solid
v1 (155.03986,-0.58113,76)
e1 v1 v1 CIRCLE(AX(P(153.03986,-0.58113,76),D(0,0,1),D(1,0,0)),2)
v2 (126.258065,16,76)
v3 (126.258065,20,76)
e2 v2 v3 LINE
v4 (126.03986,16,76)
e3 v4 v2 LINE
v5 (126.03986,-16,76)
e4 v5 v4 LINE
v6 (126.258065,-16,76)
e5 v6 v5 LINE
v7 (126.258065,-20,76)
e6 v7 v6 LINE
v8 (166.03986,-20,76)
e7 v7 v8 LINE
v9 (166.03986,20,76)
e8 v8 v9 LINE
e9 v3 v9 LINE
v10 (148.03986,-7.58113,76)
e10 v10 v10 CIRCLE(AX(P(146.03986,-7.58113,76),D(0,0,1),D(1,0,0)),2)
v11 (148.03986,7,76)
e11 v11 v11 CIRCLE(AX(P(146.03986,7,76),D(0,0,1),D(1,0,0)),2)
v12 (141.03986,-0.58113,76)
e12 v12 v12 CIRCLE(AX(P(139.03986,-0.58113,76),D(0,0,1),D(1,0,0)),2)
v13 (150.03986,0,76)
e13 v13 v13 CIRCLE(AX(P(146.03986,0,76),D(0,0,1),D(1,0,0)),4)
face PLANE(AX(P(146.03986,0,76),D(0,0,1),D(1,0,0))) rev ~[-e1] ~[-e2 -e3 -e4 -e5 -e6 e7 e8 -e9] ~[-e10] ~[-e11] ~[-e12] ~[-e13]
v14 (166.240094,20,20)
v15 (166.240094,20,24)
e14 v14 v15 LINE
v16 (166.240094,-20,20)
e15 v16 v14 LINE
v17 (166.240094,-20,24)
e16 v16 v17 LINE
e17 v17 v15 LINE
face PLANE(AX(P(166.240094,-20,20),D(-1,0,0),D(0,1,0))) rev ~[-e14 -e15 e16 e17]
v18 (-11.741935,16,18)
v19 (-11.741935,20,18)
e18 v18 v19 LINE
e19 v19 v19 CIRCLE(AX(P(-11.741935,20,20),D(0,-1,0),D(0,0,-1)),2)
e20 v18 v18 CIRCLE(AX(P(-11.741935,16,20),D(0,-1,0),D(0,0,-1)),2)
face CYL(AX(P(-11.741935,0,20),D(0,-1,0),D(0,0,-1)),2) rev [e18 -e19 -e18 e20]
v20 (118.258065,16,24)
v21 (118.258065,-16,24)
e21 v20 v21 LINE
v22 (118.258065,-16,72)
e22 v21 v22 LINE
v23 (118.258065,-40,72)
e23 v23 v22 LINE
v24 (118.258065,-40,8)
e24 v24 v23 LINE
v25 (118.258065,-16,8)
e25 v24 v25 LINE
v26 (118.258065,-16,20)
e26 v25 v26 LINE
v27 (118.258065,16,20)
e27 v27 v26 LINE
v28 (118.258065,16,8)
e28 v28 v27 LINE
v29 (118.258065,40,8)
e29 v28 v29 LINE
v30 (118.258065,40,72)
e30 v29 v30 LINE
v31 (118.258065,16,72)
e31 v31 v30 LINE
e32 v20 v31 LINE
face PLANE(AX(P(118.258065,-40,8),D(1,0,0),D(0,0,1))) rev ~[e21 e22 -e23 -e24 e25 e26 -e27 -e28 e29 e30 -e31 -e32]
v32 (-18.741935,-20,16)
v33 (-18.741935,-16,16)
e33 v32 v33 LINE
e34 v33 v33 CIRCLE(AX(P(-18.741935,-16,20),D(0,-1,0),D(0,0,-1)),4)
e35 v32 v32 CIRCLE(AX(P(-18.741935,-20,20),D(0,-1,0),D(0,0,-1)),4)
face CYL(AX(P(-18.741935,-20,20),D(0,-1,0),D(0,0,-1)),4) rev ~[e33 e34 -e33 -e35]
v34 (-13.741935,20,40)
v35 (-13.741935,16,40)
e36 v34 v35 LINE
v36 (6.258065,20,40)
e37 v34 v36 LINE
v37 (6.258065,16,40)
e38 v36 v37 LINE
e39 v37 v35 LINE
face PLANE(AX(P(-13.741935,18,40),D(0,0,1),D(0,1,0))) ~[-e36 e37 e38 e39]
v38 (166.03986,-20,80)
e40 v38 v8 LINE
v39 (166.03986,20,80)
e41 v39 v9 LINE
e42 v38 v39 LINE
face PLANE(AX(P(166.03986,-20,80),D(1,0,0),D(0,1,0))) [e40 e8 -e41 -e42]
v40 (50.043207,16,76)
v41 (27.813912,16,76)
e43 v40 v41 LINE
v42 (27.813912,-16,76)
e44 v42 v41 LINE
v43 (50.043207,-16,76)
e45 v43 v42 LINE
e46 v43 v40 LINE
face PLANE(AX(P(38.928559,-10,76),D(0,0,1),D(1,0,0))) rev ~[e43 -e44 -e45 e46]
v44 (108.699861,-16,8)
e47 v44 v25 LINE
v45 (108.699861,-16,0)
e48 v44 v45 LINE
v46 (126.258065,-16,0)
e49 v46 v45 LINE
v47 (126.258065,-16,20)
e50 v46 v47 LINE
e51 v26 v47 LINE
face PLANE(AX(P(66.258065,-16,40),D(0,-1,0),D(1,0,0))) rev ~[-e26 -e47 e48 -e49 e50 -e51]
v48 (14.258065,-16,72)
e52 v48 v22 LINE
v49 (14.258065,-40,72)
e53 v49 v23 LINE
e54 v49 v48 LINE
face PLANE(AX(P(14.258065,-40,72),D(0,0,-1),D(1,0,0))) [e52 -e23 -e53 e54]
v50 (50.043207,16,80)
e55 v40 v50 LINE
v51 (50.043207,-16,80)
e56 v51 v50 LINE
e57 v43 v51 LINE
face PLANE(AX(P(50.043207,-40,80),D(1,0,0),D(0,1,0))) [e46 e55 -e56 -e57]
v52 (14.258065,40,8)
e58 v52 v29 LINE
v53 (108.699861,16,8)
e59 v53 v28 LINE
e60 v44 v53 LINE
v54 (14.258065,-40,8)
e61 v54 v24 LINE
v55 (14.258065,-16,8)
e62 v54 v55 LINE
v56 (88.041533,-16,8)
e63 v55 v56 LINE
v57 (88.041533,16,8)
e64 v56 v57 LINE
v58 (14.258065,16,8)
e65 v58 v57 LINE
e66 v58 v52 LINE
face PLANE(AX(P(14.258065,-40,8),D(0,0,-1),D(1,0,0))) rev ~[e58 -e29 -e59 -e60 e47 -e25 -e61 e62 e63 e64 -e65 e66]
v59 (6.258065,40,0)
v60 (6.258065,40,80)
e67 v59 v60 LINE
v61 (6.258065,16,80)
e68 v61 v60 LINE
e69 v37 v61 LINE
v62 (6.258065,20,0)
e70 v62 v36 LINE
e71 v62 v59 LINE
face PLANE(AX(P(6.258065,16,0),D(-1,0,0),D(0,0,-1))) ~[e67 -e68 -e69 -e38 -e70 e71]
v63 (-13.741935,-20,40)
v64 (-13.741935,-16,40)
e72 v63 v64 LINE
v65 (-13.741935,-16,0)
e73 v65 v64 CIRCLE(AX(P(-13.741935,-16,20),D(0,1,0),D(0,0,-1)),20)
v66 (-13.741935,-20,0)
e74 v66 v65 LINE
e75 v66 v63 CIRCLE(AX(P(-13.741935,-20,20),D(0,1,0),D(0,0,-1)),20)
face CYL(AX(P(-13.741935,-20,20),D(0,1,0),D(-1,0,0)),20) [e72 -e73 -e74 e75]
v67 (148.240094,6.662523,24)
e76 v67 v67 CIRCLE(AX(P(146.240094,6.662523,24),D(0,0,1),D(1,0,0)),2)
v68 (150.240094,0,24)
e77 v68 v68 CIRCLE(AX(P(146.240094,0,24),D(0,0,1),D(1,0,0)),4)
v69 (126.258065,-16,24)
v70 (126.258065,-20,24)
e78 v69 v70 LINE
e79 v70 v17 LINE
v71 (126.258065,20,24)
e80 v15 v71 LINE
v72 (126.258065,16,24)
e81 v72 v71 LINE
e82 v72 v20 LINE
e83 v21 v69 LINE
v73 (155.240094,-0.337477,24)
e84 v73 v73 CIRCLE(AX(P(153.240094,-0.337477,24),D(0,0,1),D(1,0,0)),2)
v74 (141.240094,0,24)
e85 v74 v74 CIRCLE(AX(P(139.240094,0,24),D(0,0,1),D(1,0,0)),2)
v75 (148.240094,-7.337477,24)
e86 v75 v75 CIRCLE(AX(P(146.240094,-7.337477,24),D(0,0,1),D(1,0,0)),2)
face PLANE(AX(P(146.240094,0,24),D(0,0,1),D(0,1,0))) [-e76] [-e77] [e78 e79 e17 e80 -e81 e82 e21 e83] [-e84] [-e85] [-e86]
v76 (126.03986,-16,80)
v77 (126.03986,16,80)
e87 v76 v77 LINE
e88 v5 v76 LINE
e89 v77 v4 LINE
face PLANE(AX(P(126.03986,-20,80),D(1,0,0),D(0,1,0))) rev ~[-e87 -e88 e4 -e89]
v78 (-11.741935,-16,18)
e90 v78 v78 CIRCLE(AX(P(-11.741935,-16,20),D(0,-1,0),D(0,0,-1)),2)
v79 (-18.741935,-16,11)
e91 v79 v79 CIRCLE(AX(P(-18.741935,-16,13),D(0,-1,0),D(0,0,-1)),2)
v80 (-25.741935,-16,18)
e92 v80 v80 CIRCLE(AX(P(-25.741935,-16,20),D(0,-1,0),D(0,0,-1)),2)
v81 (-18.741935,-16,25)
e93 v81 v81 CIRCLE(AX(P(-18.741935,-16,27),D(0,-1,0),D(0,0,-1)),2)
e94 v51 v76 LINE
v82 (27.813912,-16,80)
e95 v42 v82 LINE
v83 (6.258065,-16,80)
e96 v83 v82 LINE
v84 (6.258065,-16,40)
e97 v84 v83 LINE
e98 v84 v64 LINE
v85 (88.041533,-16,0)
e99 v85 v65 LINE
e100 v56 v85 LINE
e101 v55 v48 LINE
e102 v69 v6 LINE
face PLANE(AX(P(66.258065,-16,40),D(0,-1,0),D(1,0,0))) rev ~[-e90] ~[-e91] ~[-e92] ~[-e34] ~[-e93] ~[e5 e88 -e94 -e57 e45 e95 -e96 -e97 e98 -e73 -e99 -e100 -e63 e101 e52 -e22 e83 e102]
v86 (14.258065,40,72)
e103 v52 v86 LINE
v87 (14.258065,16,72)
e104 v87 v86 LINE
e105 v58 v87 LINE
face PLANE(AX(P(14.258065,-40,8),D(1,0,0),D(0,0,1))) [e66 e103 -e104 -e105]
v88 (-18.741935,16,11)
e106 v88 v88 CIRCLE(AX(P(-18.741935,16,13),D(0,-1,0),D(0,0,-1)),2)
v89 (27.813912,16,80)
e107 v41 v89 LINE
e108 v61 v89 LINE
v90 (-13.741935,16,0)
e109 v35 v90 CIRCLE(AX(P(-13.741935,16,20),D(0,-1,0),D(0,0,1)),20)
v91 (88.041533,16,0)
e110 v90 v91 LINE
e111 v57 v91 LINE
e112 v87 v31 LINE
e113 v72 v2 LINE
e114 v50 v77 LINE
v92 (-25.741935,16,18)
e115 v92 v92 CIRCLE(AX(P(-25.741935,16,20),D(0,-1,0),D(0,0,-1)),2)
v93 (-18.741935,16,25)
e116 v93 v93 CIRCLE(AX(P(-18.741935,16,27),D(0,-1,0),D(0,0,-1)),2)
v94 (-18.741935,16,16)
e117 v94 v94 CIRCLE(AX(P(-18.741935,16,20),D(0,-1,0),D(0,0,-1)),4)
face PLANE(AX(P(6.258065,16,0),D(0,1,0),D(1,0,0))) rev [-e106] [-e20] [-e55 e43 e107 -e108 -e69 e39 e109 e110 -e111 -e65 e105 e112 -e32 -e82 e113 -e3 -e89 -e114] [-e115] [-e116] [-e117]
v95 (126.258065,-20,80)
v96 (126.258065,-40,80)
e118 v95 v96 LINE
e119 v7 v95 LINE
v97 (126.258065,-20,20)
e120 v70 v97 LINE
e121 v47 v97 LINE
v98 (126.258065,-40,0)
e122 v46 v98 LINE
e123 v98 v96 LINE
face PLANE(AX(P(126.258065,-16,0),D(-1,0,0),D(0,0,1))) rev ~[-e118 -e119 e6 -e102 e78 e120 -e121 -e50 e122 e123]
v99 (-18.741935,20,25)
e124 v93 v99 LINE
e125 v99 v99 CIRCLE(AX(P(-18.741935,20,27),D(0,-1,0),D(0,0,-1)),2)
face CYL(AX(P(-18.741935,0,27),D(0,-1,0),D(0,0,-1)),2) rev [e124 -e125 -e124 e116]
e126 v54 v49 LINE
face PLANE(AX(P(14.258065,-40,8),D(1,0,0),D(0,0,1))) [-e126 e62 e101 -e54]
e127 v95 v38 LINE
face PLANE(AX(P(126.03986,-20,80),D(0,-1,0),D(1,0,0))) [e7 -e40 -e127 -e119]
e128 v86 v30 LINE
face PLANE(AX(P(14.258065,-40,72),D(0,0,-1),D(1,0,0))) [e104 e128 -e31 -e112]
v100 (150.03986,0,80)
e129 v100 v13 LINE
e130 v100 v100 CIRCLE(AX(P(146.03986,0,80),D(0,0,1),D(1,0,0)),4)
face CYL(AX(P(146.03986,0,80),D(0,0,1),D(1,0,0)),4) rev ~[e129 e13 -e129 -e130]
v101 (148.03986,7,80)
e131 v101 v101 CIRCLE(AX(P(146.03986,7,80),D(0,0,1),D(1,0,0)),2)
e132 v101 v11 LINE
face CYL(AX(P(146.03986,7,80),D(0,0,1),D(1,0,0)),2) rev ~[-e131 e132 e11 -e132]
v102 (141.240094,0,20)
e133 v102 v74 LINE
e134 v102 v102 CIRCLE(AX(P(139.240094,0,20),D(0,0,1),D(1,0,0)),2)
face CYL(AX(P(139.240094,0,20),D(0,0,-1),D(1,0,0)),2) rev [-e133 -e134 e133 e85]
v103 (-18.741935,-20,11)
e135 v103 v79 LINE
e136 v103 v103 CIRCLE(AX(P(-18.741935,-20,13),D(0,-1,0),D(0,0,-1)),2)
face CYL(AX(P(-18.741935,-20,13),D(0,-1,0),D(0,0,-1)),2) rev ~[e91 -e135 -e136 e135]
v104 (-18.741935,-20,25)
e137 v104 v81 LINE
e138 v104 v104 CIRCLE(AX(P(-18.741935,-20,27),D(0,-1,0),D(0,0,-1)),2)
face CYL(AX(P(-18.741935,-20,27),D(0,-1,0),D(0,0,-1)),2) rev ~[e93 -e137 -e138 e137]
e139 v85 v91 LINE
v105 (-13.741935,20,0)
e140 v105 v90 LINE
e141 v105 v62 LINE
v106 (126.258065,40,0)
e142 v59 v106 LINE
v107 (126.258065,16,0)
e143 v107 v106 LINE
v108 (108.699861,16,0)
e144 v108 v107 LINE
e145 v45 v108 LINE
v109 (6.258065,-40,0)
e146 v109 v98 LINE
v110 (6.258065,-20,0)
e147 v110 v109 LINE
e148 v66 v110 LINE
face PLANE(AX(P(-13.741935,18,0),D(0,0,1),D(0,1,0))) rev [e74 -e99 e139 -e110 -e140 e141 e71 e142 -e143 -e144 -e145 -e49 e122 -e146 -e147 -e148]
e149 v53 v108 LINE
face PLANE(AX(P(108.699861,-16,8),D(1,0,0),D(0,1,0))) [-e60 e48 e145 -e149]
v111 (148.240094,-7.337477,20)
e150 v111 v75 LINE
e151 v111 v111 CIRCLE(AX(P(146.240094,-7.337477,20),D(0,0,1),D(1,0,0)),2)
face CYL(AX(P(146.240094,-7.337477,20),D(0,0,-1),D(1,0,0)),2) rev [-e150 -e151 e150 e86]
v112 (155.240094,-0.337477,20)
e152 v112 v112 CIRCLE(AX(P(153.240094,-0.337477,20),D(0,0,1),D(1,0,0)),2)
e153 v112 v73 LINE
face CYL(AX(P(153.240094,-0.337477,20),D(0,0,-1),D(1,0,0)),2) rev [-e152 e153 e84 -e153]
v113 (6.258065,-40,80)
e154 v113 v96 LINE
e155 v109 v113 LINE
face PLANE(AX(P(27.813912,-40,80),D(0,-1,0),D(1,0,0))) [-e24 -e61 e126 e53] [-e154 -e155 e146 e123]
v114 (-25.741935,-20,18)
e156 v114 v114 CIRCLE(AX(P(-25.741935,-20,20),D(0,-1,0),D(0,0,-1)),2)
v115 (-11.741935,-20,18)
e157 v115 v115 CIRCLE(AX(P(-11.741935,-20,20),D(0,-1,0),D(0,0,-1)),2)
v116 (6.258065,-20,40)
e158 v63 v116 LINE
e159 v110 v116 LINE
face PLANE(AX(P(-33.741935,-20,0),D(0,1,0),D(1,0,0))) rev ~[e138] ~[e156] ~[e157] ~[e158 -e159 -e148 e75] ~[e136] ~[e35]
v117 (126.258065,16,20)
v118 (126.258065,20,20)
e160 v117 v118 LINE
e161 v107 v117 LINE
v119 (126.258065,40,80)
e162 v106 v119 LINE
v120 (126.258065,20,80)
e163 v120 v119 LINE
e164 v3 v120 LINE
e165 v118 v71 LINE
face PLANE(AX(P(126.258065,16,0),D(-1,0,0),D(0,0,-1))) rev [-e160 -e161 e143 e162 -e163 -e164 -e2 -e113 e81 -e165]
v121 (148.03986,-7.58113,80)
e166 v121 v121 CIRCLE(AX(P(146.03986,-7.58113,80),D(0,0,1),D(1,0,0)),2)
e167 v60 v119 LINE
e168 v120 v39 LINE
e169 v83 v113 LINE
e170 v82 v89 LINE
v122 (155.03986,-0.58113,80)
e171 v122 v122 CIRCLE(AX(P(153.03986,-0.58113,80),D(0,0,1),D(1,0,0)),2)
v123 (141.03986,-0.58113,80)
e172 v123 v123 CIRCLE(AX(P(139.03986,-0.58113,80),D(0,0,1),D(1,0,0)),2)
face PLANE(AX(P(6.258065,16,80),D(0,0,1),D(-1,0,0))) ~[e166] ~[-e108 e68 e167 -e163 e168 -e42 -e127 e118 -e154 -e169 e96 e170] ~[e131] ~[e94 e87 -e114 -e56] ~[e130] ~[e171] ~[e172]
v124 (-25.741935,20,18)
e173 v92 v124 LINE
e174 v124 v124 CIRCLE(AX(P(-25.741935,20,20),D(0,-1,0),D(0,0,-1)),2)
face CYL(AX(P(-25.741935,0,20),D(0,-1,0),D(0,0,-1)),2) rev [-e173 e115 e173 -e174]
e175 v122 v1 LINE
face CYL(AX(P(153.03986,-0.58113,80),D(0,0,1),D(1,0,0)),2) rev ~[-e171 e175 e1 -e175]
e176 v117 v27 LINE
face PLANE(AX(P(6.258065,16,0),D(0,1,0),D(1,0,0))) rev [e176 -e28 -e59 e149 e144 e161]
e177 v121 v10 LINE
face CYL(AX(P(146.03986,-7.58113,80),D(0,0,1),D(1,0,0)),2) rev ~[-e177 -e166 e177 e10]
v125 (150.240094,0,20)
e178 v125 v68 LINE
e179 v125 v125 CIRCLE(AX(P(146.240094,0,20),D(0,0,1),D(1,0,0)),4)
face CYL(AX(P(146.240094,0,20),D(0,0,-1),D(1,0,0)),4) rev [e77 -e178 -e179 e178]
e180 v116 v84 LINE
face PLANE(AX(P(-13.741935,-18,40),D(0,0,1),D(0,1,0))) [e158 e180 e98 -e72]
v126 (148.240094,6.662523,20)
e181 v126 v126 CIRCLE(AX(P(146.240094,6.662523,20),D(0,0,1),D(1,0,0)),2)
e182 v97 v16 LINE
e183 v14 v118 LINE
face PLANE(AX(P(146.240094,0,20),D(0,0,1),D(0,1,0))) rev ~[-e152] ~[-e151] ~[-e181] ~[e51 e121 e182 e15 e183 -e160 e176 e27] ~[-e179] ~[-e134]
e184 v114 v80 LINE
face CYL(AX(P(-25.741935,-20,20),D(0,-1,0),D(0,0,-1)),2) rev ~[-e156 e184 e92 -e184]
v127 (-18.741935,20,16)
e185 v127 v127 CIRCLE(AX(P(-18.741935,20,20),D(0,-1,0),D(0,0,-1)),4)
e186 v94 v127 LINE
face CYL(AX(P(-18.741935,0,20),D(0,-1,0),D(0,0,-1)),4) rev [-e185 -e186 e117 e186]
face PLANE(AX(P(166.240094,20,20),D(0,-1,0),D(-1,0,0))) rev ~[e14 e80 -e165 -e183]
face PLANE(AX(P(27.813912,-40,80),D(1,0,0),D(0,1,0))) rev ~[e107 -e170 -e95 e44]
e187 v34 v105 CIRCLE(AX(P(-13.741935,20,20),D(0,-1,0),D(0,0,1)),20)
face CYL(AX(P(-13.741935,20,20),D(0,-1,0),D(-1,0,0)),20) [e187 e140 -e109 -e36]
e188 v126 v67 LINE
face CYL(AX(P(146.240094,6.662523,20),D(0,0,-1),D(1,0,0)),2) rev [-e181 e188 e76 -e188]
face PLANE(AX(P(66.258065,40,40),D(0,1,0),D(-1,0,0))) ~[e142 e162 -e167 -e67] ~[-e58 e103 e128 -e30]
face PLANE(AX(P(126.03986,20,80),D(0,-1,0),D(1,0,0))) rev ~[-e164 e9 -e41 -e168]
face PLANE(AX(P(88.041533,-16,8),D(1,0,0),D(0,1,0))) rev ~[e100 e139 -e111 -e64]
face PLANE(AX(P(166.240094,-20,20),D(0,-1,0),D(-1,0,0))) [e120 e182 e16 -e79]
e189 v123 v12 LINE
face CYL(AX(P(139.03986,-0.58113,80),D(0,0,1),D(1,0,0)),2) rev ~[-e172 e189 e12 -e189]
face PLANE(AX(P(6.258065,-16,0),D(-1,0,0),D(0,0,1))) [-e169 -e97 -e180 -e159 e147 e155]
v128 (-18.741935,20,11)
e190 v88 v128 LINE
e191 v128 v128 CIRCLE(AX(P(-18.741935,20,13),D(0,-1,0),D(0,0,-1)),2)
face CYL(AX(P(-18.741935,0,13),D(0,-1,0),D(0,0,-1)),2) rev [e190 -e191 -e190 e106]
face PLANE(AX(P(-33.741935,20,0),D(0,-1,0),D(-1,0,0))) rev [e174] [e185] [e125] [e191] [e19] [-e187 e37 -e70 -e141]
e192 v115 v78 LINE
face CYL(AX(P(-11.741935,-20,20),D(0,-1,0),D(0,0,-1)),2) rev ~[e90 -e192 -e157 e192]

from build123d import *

# Parameters (mm, degrees)
SALIENTE_EXTRUIR1_DEPTH = 40
SKETCH2_R               = 4
SKETCH2_R_2             = 2
CUT_EXTRUDE1_DEPTH      = 50
FILLET3_RADIUS          = 20
FILLET3_LENGTH          = 4
CROQUIS3_W              = 40
CROQUIS3_H              = 40
CROQUIS3_R              = 4
CROQUIS3_R_2            = 2
SALIENTE_EXTRUIR2_DEPTH = 4
SALIENTE_EXTRUIR3_START = -4
SKETCH7_W               = 120
SKETCH7_H               = 80
SALIENTE_EXTRUIR3_DEPTH = 24
CROQUIS4_W              = 40
CROQUIS4_H              = 40
CROQUIS4_R              = 4
CROQUIS4_R_2            = 2
SALIENTE_EXTRUIR4_DEPTH = 4
REDONDEO2_RADIUS        = 20
REDONDEO2_LENGTH        = 4
CROQUIS5_R              = 4
CROQUIS5_R_2            = 2
CORTAR_EXTRUIR1_DEPTH   = 50
CROQUIS6_W              = 22.229294361
CROQUIS6_H              = 60
SALIENTE_EXTRUIR5_DEPTH = 4
CROQUIS8_W              = 104
CROQUIS8_H              = 64
CORTAR_EXTRUIR2_DEPTH   = 80
CROQUIS7_W              = 13.68118259
CROQUIS7_H              = 40
SALIENTE_EXTRUIR6_DEPTH = 4
CROQUIS10_W             = 20.658327355
CROQUIS10_H             = 32
SALIENTE_EXTRUIR7_DEPTH = 8


with BuildPart() as part:
    # Croquis2 → Saliente-Extruir1 (new body)
    with BuildSketch(Plane(origin=(0, 0, 0), x_dir=(0, 1, 0), z_dir=(0, 0, 1))):
        Polygon((-16, -6.258064516), (-16, -4.258064516), (-16, 33.741935484), (-20, 33.741935484), (-20, -6.258064516), align=None)
    saliente_extruir1 = extrude(amount=SALIENTE_EXTRUIR1_DEPTH)

    # Sketch2 → Cut-Extrude1 (cut)
    with BuildSketch(Plane.XZ.offset(20)):
        with Locations(Location((-18.741935484, 20, 0), (0, 0, 270))):
            Circle(SKETCH2_R)
        with Locations(Location((-18.741935484, 27, 0), (0, 0, 270))):
            Circle(SKETCH2_R_2)
        with Locations(Location((-11.741935484, 20, 0), (0, 0, 270))):
            Circle(SKETCH2_R_2)
        with Locations(Location((-18.741935484, 13, 0), (0, 0, 270))):
            Circle(SKETCH2_R_2)
        with Locations(Location((-25.741935484, 20, 0), (0, 0, 270))):
            Circle(SKETCH2_R_2)
    extrude(amount=-CUT_EXTRUDE1_DEPTH, mode=Mode.SUBTRACT)

    # Fillet3: full round fillet: the end face becomes a half cylinder, R = half its width
    fillet3_face = Plane((-33.741935484, -18, 20), x_dir=(0, 1, 0), z_dir=(-1, 0, 0))  # on the end face: x along it, z out of the body
    fillet3_slab = fillet3_face.offset(-FILLET3_RADIUS / 2) * Box(FILLET3_LENGTH, 2 * FILLET3_RADIUS, FILLET3_RADIUS, mode=Mode.PRIVATE)  # the body's end, R deep
    fillet3_round = Plane((-13.741935484, -18, 20), x_dir=(-1, 0, 0), z_dir=(0, 1, 0)) * Cylinder(FILLET3_RADIUS, FILLET3_LENGTH, mode=Mode.PRIVATE)  # its axis R under the face
    add(fillet3_slab - fillet3_round, mode=Mode.SUBTRACT)



with BuildPart() as body_2:
    # Croquis3 → Saliente-Extruir2 (new body)
    with BuildSketch(Plane(origin=(0, 0, 20), x_dir=(0, 1, 0), z_dir=(0, 0, 1))):
        with Locations((0, -146.24009387)):
            Rectangle(CROQUIS3_W, CROQUIS3_H)
        with Locations(Location((0, -146.24009387, 0), (0, 0, 270))):
            Circle(CROQUIS3_R, mode=Mode.SUBTRACT)
        with Locations(Location((0, -139.24009387, 0), (0, 0, 270))):
            Circle(CROQUIS3_R_2, mode=Mode.SUBTRACT)
        with Locations(Location((6.662523083, -146.24009387, 0), (0, 0, 270))):
            Circle(CROQUIS3_R_2, mode=Mode.SUBTRACT)
        with Locations(Location((-0.337476917, -153.24009387, 0), (0, 0, 270))):
            Circle(CROQUIS3_R_2, mode=Mode.SUBTRACT)
        with Locations(Location((-7.337476917, -146.24009387, 0), (0, 0, 270))):
            Circle(CROQUIS3_R_2, mode=Mode.SUBTRACT)
    extrude(amount=SALIENTE_EXTRUIR2_DEPTH)


with BuildPart() as part_1:
    add(part.part)

    add(body_2.part)  # Saliente-Extruir3 merges body 2
    # Sketch7 → Saliente-Extruir3 (add)
    with BuildSketch(Plane.XZ.offset(20).offset(SALIENTE_EXTRUIR3_START)):
        with Locations((66.258064516, 40)):
            Rectangle(SKETCH7_W, SKETCH7_H)
    saliente_extruir3 = extrude(amount=SALIENTE_EXTRUIR3_DEPTH)

    # Croquis4 → Saliente-Extruir4 (add)
    with BuildSketch(Plane.XY.offset(80)):
        with Locations((146.039860125, 0)):
            Rectangle(CROQUIS4_W, CROQUIS4_H)
        with Locations((146.039860125, 0)):
            Circle(CROQUIS4_R, mode=Mode.SUBTRACT)
        with Locations((146.039860125, 7)):
            Circle(CROQUIS4_R_2, mode=Mode.SUBTRACT)
        with Locations((153.039860125, -0.581130473)):
            Circle(CROQUIS4_R_2, mode=Mode.SUBTRACT)
        with Locations((146.039860125, -7.581130473)):
            Circle(CROQUIS4_R_2, mode=Mode.SUBTRACT)
        with Locations((139.039860125, -0.581130473)):
            Circle(CROQUIS4_R_2, mode=Mode.SUBTRACT)
    extrude(amount=-SALIENTE_EXTRUIR4_DEPTH)

    # Simetría3: Saliente-Extruir3 across plane
    add(saliente_extruir3.mirror(Plane.ZX))

    # Simetría4: Saliente-Extruir1 across plane
    add(saliente_extruir1.mirror(Plane.ZX))

    # Redondeo2: full round fillet: the end face becomes a half cylinder, R = half its width
    redondeo2_face = Plane((-33.741935484, 18, 20), x_dir=(0, -1, 0), z_dir=(-1, 0, 0))  # on the end face: x along it, z out of the body
    redondeo2_slab = redondeo2_face.offset(-REDONDEO2_RADIUS / 2) * Box(REDONDEO2_LENGTH, 2 * REDONDEO2_RADIUS, REDONDEO2_RADIUS, mode=Mode.PRIVATE)  # the body's end, R deep
    redondeo2_round = Plane((-13.741935484, 18, 20), x_dir=(-1, 0, 0), z_dir=(0, -1, 0)) * Cylinder(REDONDEO2_RADIUS, REDONDEO2_LENGTH, mode=Mode.PRIVATE)  # its axis R under the face
    add(redondeo2_slab - redondeo2_round, mode=Mode.SUBTRACT)

    # Croquis5 → Cortar-Extruir1 (cut)
    with BuildSketch(Plane(origin=(0, 0, 0), x_dir=(-1, 0, 0), z_dir=(0, 1, 0))):
        with Locations(Location((18.741935484, 20, 0), (0, 0, 270))):
            Circle(CROQUIS5_R)
        with Locations(Location((18.741935484, 27, 0), (0, 0, 270))):
            Circle(CROQUIS5_R_2)
        with Locations(Location((25.741935484, 20, 0), (0, 0, 270))):
            Circle(CROQUIS5_R_2)
        with Locations(Location((18.741935484, 13, 0), (0, 0, 270))):
            Circle(CROQUIS5_R_2)
        with Locations(Location((11.741935484, 20, 0), (0, 0, 270))):
            Circle(CROQUIS5_R_2)
    extrude(amount=CORTAR_EXTRUIR1_DEPTH, mode=Mode.SUBTRACT)

    # Croquis6 → Saliente-Extruir5 (add)
    with BuildSketch(Plane.XY.offset(80)):
        with Locations((38.92855935, -10)):
            Rectangle(CROQUIS6_W, CROQUIS6_H)
    extrude(amount=-SALIENTE_EXTRUIR5_DEPTH)

    # Croquis8 → Cortar-Extruir2 (cut)
    with BuildSketch(Plane.XZ.offset(40)):
        with Locations((66.258064516, 40)):
            Rectangle(CROQUIS8_W, CROQUIS8_H)
    extrude(amount=-CORTAR_EXTRUIR2_DEPTH, mode=Mode.SUBTRACT)

    # Croquis7 → Saliente-Extruir6 (add)
    with BuildSketch(Plane(origin=(0, 0, 20), x_dir=(1, 0, 0), z_dir=(0, 0, -1))):
        with Locations((125.098655811, 0)):
            Rectangle(CROQUIS7_W, CROQUIS7_H)
    extrude(amount=-SALIENTE_EXTRUIR6_DEPTH)

    # Croquis10 → Saliente-Extruir7 (add)
    with BuildSketch(Plane.XY.offset(8)):
        with Locations((98.370697006, 0)):
            Rectangle(CROQUIS10_W, CROQUIS10_H)
    extrude(amount=-SALIENTE_EXTRUIR7_DEPTH)


solid = part_1.part
